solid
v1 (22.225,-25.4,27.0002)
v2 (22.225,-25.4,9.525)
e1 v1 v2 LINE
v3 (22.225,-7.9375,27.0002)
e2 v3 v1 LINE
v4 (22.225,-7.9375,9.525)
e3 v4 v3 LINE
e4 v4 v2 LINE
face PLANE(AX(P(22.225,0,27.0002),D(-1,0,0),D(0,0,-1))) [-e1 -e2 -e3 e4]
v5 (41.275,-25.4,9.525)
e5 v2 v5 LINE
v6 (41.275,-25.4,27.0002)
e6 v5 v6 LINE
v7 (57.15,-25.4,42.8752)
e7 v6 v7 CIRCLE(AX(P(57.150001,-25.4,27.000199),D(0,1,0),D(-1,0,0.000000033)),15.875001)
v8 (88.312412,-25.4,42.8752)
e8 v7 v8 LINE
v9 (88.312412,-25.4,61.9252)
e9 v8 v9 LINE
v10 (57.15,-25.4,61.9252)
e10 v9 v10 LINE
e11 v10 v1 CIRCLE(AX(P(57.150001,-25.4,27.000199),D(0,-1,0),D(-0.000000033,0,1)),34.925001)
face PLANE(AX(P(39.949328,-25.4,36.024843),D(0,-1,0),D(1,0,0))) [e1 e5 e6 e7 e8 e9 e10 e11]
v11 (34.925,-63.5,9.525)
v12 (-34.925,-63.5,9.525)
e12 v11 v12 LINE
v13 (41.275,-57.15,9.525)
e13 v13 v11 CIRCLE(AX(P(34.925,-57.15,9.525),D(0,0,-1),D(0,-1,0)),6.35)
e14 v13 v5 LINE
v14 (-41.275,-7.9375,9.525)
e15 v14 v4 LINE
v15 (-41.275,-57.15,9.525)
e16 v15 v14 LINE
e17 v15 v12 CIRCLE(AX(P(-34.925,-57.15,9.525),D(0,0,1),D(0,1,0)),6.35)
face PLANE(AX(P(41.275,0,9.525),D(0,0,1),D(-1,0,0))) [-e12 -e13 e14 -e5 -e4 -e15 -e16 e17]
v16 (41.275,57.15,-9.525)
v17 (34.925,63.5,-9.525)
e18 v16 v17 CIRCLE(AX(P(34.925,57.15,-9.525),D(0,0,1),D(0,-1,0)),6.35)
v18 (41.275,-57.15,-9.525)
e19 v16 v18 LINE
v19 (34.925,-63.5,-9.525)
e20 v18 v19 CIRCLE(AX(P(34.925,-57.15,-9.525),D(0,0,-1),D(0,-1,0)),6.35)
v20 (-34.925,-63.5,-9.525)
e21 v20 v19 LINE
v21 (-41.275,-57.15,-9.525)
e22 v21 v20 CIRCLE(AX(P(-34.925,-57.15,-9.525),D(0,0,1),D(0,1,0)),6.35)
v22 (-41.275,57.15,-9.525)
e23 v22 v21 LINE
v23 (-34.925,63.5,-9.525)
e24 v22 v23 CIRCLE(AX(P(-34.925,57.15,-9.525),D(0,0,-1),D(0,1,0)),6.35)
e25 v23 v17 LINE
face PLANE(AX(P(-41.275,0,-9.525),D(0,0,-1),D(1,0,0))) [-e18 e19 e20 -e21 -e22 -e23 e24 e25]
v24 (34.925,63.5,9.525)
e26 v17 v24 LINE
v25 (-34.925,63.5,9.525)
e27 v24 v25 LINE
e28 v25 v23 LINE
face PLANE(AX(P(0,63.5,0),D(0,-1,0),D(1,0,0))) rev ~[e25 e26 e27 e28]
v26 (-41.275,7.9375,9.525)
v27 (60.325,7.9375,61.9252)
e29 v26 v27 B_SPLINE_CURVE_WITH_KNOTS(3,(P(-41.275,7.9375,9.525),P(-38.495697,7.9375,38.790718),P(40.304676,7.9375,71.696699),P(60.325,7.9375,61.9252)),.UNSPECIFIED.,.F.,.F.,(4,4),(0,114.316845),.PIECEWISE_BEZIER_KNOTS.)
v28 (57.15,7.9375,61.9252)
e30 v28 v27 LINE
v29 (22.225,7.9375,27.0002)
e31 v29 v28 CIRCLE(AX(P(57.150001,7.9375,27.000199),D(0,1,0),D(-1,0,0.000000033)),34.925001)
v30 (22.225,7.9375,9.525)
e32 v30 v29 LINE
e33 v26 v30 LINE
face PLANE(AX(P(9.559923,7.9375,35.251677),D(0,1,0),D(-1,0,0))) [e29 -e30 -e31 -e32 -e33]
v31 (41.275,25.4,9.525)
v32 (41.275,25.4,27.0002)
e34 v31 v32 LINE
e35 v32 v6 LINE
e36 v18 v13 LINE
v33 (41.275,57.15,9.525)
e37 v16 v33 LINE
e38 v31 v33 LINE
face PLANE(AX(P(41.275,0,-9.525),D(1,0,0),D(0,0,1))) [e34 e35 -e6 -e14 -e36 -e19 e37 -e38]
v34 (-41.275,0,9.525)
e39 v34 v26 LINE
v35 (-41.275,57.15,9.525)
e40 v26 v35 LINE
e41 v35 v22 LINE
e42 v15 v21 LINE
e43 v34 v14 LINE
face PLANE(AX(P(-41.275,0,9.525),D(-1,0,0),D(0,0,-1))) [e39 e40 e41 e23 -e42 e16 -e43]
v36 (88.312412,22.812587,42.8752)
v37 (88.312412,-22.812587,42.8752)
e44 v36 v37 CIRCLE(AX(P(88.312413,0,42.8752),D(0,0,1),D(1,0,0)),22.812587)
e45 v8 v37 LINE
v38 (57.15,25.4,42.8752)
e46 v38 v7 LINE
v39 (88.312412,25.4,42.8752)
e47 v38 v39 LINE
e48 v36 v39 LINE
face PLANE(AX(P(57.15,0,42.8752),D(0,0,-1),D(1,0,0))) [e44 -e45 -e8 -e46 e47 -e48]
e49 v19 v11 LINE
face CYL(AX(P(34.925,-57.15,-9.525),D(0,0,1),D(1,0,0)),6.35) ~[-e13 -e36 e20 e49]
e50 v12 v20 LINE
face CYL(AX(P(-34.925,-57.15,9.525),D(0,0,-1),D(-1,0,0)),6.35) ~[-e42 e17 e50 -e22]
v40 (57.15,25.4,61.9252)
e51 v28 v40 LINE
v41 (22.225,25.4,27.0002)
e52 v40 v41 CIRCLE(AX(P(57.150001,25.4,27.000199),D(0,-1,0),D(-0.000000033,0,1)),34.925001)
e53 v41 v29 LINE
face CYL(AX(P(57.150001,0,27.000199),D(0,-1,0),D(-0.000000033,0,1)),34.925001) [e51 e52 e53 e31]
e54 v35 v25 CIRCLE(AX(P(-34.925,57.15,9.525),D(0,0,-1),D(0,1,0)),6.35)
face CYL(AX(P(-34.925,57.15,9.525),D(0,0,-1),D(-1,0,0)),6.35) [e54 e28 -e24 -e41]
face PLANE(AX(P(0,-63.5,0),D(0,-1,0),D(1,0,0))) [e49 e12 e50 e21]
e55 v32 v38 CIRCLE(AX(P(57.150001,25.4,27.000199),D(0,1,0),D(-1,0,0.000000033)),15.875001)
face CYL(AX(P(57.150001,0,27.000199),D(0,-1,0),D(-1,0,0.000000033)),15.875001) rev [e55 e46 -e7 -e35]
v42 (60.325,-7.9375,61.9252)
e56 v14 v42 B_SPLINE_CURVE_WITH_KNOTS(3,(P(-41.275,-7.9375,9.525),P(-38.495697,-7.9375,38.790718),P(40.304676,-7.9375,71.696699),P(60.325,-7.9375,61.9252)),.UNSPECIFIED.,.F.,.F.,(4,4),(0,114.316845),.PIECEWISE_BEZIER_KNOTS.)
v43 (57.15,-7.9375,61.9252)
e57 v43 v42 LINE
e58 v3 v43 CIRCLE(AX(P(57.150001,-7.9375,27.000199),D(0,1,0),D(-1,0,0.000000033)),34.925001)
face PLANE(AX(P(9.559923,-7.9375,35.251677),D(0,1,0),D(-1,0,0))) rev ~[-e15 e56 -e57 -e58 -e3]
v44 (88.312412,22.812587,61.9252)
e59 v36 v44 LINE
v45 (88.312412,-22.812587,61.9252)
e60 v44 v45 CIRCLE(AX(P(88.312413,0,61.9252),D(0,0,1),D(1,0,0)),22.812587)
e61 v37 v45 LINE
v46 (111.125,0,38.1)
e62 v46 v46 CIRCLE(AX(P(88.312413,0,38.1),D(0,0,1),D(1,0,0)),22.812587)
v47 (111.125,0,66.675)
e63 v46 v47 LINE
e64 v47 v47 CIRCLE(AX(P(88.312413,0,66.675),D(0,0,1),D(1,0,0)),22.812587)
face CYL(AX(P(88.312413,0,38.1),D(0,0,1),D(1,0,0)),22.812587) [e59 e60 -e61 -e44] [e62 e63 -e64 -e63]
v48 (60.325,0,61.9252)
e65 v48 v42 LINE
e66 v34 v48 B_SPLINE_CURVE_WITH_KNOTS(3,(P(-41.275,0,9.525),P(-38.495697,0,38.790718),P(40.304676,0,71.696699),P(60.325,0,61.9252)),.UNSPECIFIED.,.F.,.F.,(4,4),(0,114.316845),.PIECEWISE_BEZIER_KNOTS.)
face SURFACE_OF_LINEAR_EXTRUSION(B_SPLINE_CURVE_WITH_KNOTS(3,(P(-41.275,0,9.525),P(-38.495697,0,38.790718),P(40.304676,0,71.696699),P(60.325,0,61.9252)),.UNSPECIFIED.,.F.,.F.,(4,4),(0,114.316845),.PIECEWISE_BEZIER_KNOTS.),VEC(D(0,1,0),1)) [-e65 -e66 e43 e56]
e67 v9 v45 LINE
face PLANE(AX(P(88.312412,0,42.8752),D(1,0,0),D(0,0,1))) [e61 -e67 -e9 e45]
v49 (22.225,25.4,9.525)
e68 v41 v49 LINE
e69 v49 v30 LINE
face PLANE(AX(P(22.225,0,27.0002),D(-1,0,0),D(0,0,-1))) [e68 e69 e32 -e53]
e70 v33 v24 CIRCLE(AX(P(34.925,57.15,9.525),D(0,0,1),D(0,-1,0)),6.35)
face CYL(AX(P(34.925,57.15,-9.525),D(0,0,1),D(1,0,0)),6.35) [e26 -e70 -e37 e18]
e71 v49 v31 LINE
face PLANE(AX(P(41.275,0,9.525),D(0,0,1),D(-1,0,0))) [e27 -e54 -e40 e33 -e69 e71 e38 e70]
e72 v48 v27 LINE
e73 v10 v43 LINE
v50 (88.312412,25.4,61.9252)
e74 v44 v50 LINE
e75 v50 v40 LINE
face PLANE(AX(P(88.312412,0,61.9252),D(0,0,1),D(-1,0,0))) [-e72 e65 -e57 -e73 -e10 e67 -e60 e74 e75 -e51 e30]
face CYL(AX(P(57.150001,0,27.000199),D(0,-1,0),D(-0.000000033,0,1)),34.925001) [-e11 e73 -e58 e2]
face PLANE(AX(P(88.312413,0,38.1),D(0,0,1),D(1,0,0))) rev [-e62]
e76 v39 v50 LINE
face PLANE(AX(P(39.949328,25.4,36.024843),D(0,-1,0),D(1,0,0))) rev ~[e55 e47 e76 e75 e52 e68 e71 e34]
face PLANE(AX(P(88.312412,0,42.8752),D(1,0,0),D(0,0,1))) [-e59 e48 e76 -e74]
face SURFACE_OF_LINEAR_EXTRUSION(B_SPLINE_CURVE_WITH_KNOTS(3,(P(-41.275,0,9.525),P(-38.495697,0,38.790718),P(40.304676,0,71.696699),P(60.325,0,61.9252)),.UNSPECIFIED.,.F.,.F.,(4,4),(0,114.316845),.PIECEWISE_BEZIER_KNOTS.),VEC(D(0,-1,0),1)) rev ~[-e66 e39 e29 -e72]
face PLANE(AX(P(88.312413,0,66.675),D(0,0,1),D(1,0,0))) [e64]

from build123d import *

# Parameters (mm, degrees)
F1_DEPTH = 63.5
F0_W     = 27.987413
F0_H     = 19.05
F2_DEPTH = 25.4
F3_DEPTH = 7.9375
F5_R     = 6.35


with BuildPart() as f1:
    # F0 (on Front) → F1 (new body, symmetric)
    with BuildSketch(Plane.XZ):
        Polygon((22.225, 9.525), (-41.275, 9.525), (-41.275, -9.525), (41.275, -9.525), (41.275, 9.525), align=None)
    extrude(amount=F1_DEPTH, both=True)

    # F0 (on Front) → F2 (join, symmetric)
    with BuildSketch(Plane.XZ):
        with BuildLine():
            Line((22.225, 27.0002), (22.225, 9.525))
            Line((22.225, 9.525), (41.275, 9.525))
            Line((41.275, 9.525), (41.275, 27.0002))
            ThreePointArc((41.275, 27.0002), (45.92468, 38.22552), (57.15, 42.8752))
            Line((57.15, 42.8752), (60.325, 42.8752))
            Line((60.325, 42.8752), (60.325, 61.9252))
            Line((60.325, 61.9252), (57.15, 61.9252))
            ThreePointArc((57.15, 61.9252), (32.454296, 51.695904), (22.225, 27.0002))
        make_face()
        with Locations((74.318706, 52.4002)):
            Rectangle(F0_W, F0_H)
    extrude(amount=F2_DEPTH, both=True)

    # F0 (on Front) → F3 (join, symmetric)
    with BuildSketch(Plane.XZ):
        with BuildLine():
            add(Edge.make_bspline(
                [(-41.275, 9.525), (-38.495697, 38.790718), (40.304676, 71.696699), (60.325, 61.9252)],
                knots=[0, 0, 0, 0, 114.316845, 114.316845, 114.316845, 114.316845], degree=3))
            Line((-41.275, 9.525), (22.225, 9.525))
            Line((22.225, 9.525), (22.225, 27.0002))
            ThreePointArc((22.225, 27.0002), (32.454296, 51.695904), (57.15, 61.9252))
            Line((57.15, 61.9252), (60.325, 61.9252))
        make_face()
    extrude(amount=F3_DEPTH, both=True)

    # F0 (on Front) → F4 (revolve)
    with BuildSketch(Plane.XZ):
        Polygon((88.312413, 66.675), (88.312413, 61.9252), (88.312413, 42.8752), (88.312413, 38.1), (111.125, 38.1), (111.125, 66.675), align=None)
    revolve(axis=Axis((88.312413, 0, 54.7751), (0, 0, 1)))

    # F5
    f5_edges = [f1.edges().sort_by_distance(p)[0] for p in [
        (-41.275, -63.5, 0),
        (41.275, -63.5, 0),
        (-41.275, 63.5, 0),
        (41.275, 63.5, 0),
    ]]
    fillet(f5_edges, radius=F5_R)


solid = f1.part
